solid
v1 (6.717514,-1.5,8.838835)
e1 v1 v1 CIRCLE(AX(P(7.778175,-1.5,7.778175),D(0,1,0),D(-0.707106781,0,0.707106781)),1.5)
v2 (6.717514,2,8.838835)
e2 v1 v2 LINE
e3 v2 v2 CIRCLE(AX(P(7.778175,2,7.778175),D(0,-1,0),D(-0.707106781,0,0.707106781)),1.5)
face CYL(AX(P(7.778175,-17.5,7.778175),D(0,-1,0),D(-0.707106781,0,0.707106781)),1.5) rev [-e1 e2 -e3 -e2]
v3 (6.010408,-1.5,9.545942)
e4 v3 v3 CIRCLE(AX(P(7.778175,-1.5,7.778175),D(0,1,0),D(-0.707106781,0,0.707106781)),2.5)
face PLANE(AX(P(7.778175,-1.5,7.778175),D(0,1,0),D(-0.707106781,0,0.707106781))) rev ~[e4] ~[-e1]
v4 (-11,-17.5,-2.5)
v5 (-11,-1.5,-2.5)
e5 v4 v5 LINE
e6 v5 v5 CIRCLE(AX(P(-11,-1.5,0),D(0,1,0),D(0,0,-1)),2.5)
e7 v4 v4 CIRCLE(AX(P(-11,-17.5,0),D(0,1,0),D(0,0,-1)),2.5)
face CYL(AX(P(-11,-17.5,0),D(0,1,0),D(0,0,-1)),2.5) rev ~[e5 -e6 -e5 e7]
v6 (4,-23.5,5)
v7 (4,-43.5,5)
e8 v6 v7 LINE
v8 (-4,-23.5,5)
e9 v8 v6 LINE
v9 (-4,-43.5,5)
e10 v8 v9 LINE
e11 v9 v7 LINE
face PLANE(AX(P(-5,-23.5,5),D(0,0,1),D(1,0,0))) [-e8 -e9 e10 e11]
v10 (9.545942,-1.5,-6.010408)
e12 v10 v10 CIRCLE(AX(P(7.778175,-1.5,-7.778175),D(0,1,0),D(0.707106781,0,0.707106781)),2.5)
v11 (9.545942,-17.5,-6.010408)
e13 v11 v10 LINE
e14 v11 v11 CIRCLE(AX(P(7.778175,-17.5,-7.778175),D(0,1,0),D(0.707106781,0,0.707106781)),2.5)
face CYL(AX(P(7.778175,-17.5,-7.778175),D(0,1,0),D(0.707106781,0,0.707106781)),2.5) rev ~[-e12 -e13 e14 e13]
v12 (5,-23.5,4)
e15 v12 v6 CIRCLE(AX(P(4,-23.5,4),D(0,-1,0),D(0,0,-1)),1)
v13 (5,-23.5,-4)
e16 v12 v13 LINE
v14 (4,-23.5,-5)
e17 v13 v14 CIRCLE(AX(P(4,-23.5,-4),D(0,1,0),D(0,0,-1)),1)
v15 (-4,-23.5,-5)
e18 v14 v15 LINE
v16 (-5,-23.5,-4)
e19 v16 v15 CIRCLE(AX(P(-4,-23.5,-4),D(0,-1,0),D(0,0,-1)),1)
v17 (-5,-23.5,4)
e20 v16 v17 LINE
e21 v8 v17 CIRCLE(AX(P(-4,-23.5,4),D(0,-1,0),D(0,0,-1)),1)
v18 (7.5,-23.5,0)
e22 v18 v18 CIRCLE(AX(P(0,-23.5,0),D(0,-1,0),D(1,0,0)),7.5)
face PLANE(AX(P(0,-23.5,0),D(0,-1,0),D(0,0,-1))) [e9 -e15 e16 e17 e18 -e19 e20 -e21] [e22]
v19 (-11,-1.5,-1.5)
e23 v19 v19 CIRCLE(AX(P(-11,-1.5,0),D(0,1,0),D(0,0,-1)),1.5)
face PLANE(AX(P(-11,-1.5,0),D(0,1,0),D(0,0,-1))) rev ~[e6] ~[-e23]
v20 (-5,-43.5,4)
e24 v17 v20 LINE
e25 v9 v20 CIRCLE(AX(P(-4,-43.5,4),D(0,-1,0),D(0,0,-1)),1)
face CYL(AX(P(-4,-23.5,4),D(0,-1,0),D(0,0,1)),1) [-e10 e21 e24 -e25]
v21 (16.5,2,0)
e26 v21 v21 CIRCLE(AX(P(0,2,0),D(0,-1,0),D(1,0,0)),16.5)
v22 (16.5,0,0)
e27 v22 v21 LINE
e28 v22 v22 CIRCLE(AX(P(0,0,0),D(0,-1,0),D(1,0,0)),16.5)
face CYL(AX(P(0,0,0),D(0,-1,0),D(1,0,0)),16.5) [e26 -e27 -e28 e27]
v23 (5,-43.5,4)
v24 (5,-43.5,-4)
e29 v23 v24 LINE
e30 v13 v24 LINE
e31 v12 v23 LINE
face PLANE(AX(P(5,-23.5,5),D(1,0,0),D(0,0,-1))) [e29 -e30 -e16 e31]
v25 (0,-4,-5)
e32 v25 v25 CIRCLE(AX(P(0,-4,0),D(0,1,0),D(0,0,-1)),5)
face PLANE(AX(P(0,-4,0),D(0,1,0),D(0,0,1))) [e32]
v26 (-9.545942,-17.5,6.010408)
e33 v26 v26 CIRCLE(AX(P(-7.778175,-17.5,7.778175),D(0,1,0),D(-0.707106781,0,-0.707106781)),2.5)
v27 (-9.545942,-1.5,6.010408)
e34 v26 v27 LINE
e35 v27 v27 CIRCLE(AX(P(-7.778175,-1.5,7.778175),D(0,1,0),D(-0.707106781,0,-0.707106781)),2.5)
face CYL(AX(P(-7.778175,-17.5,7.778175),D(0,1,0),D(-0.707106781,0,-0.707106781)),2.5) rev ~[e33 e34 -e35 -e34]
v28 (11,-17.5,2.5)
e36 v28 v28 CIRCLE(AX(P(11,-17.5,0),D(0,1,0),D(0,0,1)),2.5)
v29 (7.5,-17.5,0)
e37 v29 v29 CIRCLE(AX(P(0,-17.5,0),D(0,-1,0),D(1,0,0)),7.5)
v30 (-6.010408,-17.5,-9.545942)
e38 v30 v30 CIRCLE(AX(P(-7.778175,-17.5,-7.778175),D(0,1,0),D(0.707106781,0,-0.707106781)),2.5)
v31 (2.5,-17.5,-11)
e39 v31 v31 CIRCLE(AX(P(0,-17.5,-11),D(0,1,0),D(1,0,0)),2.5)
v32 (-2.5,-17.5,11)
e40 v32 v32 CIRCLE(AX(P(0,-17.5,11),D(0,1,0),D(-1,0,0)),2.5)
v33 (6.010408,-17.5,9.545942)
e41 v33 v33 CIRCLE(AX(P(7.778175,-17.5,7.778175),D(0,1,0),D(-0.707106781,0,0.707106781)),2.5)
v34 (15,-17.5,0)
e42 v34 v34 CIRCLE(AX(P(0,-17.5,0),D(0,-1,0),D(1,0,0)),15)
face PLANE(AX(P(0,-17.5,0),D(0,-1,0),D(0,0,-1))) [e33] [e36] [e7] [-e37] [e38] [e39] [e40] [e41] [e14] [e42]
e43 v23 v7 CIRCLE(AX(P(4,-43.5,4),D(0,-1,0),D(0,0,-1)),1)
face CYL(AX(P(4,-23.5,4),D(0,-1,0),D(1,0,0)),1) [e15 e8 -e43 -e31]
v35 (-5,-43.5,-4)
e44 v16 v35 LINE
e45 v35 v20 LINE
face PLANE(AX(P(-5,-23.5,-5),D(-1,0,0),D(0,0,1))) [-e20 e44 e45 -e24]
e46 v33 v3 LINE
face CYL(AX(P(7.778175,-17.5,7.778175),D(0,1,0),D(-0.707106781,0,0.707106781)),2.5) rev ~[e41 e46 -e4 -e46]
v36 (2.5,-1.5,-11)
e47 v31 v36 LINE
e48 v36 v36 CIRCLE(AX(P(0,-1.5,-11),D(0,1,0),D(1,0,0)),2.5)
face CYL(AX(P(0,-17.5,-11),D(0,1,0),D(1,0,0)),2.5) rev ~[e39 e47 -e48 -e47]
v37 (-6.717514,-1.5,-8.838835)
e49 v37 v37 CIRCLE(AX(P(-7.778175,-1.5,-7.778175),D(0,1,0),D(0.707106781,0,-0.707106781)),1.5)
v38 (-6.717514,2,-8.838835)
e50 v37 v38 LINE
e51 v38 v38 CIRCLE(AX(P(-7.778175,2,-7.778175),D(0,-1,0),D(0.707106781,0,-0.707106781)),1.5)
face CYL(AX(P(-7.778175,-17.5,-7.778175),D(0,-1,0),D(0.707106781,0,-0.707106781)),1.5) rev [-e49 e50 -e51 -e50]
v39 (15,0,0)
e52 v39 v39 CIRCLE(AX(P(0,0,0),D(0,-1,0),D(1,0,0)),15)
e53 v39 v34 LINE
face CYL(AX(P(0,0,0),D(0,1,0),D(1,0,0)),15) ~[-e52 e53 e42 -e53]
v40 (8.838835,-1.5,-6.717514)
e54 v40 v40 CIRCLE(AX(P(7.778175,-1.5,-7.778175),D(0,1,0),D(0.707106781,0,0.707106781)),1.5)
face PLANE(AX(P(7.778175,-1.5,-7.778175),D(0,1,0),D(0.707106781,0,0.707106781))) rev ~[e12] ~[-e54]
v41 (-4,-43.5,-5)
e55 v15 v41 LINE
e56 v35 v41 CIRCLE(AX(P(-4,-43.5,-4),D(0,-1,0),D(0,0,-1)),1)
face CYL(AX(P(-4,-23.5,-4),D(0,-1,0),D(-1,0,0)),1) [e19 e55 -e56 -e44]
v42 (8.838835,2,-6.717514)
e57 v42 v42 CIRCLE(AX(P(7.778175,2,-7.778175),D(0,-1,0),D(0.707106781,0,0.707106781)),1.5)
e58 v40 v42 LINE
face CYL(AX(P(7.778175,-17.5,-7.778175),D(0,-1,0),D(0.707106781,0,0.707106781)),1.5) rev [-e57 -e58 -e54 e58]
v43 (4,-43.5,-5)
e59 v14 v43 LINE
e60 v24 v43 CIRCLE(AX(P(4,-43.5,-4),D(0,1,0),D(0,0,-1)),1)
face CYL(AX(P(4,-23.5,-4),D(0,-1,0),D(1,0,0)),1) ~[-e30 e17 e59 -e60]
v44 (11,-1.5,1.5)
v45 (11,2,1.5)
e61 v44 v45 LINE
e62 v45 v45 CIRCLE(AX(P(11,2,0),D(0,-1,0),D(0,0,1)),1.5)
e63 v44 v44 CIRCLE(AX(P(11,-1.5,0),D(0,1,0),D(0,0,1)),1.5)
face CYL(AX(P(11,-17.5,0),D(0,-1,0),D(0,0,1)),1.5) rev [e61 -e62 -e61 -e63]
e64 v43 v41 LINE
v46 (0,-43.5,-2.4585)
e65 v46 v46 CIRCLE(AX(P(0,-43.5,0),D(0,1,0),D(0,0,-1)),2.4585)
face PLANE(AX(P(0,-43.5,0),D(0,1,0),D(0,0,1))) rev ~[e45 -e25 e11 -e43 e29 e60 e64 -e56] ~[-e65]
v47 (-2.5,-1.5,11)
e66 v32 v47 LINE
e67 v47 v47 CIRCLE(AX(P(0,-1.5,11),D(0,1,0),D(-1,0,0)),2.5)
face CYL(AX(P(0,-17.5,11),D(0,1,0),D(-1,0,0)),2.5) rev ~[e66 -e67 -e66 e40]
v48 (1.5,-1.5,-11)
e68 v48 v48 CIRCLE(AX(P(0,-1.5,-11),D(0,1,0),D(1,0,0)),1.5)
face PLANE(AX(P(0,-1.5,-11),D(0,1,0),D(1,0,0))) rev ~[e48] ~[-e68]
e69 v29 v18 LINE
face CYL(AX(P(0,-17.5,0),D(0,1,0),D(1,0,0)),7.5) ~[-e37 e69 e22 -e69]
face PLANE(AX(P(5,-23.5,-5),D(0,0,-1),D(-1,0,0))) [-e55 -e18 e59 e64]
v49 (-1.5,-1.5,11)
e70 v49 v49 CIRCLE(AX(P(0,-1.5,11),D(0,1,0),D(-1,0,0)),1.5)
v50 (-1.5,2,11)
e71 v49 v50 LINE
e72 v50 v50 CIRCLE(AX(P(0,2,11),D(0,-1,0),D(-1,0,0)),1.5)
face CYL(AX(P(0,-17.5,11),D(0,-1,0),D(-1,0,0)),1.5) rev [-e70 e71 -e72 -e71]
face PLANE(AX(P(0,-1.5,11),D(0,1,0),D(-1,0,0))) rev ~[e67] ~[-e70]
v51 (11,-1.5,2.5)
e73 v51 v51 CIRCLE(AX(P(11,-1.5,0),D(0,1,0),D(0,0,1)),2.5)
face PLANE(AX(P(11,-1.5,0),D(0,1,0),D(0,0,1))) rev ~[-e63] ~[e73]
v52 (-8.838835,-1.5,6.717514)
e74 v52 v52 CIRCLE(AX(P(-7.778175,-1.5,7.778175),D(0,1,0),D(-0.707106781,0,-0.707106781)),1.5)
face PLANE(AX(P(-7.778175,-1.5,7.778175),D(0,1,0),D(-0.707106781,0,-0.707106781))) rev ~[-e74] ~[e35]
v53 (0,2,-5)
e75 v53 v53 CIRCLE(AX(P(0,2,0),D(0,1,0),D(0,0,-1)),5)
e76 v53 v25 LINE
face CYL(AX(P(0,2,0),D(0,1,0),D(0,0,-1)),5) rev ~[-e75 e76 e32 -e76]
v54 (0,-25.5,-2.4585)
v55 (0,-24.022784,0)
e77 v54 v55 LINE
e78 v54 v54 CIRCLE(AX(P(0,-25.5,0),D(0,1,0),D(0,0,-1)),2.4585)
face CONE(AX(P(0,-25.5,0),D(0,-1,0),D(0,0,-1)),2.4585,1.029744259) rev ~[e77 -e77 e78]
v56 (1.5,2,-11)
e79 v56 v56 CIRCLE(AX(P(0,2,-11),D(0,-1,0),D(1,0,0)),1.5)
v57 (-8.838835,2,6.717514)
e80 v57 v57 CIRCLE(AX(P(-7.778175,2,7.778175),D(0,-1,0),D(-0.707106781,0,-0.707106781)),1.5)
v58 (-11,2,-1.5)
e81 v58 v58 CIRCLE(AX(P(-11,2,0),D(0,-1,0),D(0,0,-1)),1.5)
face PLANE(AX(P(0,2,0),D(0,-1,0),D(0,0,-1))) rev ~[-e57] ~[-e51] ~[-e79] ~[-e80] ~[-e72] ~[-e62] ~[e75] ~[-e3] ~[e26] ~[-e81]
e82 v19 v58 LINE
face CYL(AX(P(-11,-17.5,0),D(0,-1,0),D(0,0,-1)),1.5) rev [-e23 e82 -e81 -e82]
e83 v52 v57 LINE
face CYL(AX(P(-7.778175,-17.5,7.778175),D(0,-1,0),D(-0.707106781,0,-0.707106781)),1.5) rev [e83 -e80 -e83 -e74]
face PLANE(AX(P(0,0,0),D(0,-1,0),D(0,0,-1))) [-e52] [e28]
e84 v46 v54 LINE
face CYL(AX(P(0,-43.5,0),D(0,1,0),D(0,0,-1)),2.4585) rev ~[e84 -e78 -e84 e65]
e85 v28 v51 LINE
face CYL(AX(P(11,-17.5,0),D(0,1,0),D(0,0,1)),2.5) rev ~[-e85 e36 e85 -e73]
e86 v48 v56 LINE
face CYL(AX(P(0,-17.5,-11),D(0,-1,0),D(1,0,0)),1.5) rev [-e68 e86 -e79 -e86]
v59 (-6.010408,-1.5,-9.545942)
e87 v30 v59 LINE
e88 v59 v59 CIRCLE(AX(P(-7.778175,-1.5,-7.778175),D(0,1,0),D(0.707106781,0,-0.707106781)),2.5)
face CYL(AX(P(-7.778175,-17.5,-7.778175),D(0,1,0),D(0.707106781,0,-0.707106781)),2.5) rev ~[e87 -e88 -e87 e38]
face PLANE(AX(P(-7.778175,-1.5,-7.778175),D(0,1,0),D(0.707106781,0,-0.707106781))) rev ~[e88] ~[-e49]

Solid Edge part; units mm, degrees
sketch "Sketch1" plane through (0, 0, 0) normal (0, -1, 0) x (1, 0, 0)
  circle A0 centre (0, 0) radius 16.5
  dimension "D1" = 33
extrude "Protrusion1" add sketch "Sketch1" against normal blind 2
sketch "Sketch2" plane through (0, 0, 0) normal (0, -1, 0) x (1, 0, 0)
  circle A0 centre (0, 0) radius 15
  dimension "D1" = 30
extrude "ProtrusiónExtruida_2" add sketch "Sketch2" along normal blind 17.5
sketch "Sketch3" plane through (0, -17.5, 0) normal (0, -1, 0) x (1, 0, 0)
  circle A0 centre (0, 0) radius 7.5
  dimension "D1" = 15
extrude "ProtrusiónExtruida_3" add sketch "Sketch3" along normal blind 6
sketch "Sketch4" plane through (0, -23.5, 0) normal (0, -1, 0) x (1, 0, 0)
  line L0 (5, -5) -> (-5, -5)
  line L1 (-5, -5) -> (-5, 5)
  line L2 (-5, 5) -> (5, 5)
  line L3 (5, 5) -> (5, -5)
  dimension "D1" = 10
  dimension "D2" = 10
extrude "ProtrusiónExtruida_4" add sketch "Sketch4" along normal blind 20
hole "Agujero_1" at (-11, -17.5, 0) direction (0, 1, 0) diameter 3 end up to next counterbore diameter 5 counterbore depth 16
pattern_circular "Pattern1" count 8 over 360 about axis through (0, -17.5, 0) along (0, 1, 0) of "Agujero_1"
sketch "Sketch5" plane through (0, 2, 0) normal (0, 1, 0) x (0, 0, -1)
  circle A0 centre (0, 0) radius 5
  dimension "D1" = 10
extrude "VaciadoExtruido_1" cut sketch "Sketch5" against normal blind 6
fillet "Redondeo_1" radius 1 4 edges at (-5, -33.5, -5) (-5, -33.5, 5) (5, -33.5, 5) (5, -33.5, -5)
hole "Agujero_9" at (0, -43.5, 0) direction (0, 1, 0) diameter 4.917 depth 18 tip angle 118 thread major 6 thread length 15
properties part number "1976-1100-014" material "Aluminio, 7075-T6"
